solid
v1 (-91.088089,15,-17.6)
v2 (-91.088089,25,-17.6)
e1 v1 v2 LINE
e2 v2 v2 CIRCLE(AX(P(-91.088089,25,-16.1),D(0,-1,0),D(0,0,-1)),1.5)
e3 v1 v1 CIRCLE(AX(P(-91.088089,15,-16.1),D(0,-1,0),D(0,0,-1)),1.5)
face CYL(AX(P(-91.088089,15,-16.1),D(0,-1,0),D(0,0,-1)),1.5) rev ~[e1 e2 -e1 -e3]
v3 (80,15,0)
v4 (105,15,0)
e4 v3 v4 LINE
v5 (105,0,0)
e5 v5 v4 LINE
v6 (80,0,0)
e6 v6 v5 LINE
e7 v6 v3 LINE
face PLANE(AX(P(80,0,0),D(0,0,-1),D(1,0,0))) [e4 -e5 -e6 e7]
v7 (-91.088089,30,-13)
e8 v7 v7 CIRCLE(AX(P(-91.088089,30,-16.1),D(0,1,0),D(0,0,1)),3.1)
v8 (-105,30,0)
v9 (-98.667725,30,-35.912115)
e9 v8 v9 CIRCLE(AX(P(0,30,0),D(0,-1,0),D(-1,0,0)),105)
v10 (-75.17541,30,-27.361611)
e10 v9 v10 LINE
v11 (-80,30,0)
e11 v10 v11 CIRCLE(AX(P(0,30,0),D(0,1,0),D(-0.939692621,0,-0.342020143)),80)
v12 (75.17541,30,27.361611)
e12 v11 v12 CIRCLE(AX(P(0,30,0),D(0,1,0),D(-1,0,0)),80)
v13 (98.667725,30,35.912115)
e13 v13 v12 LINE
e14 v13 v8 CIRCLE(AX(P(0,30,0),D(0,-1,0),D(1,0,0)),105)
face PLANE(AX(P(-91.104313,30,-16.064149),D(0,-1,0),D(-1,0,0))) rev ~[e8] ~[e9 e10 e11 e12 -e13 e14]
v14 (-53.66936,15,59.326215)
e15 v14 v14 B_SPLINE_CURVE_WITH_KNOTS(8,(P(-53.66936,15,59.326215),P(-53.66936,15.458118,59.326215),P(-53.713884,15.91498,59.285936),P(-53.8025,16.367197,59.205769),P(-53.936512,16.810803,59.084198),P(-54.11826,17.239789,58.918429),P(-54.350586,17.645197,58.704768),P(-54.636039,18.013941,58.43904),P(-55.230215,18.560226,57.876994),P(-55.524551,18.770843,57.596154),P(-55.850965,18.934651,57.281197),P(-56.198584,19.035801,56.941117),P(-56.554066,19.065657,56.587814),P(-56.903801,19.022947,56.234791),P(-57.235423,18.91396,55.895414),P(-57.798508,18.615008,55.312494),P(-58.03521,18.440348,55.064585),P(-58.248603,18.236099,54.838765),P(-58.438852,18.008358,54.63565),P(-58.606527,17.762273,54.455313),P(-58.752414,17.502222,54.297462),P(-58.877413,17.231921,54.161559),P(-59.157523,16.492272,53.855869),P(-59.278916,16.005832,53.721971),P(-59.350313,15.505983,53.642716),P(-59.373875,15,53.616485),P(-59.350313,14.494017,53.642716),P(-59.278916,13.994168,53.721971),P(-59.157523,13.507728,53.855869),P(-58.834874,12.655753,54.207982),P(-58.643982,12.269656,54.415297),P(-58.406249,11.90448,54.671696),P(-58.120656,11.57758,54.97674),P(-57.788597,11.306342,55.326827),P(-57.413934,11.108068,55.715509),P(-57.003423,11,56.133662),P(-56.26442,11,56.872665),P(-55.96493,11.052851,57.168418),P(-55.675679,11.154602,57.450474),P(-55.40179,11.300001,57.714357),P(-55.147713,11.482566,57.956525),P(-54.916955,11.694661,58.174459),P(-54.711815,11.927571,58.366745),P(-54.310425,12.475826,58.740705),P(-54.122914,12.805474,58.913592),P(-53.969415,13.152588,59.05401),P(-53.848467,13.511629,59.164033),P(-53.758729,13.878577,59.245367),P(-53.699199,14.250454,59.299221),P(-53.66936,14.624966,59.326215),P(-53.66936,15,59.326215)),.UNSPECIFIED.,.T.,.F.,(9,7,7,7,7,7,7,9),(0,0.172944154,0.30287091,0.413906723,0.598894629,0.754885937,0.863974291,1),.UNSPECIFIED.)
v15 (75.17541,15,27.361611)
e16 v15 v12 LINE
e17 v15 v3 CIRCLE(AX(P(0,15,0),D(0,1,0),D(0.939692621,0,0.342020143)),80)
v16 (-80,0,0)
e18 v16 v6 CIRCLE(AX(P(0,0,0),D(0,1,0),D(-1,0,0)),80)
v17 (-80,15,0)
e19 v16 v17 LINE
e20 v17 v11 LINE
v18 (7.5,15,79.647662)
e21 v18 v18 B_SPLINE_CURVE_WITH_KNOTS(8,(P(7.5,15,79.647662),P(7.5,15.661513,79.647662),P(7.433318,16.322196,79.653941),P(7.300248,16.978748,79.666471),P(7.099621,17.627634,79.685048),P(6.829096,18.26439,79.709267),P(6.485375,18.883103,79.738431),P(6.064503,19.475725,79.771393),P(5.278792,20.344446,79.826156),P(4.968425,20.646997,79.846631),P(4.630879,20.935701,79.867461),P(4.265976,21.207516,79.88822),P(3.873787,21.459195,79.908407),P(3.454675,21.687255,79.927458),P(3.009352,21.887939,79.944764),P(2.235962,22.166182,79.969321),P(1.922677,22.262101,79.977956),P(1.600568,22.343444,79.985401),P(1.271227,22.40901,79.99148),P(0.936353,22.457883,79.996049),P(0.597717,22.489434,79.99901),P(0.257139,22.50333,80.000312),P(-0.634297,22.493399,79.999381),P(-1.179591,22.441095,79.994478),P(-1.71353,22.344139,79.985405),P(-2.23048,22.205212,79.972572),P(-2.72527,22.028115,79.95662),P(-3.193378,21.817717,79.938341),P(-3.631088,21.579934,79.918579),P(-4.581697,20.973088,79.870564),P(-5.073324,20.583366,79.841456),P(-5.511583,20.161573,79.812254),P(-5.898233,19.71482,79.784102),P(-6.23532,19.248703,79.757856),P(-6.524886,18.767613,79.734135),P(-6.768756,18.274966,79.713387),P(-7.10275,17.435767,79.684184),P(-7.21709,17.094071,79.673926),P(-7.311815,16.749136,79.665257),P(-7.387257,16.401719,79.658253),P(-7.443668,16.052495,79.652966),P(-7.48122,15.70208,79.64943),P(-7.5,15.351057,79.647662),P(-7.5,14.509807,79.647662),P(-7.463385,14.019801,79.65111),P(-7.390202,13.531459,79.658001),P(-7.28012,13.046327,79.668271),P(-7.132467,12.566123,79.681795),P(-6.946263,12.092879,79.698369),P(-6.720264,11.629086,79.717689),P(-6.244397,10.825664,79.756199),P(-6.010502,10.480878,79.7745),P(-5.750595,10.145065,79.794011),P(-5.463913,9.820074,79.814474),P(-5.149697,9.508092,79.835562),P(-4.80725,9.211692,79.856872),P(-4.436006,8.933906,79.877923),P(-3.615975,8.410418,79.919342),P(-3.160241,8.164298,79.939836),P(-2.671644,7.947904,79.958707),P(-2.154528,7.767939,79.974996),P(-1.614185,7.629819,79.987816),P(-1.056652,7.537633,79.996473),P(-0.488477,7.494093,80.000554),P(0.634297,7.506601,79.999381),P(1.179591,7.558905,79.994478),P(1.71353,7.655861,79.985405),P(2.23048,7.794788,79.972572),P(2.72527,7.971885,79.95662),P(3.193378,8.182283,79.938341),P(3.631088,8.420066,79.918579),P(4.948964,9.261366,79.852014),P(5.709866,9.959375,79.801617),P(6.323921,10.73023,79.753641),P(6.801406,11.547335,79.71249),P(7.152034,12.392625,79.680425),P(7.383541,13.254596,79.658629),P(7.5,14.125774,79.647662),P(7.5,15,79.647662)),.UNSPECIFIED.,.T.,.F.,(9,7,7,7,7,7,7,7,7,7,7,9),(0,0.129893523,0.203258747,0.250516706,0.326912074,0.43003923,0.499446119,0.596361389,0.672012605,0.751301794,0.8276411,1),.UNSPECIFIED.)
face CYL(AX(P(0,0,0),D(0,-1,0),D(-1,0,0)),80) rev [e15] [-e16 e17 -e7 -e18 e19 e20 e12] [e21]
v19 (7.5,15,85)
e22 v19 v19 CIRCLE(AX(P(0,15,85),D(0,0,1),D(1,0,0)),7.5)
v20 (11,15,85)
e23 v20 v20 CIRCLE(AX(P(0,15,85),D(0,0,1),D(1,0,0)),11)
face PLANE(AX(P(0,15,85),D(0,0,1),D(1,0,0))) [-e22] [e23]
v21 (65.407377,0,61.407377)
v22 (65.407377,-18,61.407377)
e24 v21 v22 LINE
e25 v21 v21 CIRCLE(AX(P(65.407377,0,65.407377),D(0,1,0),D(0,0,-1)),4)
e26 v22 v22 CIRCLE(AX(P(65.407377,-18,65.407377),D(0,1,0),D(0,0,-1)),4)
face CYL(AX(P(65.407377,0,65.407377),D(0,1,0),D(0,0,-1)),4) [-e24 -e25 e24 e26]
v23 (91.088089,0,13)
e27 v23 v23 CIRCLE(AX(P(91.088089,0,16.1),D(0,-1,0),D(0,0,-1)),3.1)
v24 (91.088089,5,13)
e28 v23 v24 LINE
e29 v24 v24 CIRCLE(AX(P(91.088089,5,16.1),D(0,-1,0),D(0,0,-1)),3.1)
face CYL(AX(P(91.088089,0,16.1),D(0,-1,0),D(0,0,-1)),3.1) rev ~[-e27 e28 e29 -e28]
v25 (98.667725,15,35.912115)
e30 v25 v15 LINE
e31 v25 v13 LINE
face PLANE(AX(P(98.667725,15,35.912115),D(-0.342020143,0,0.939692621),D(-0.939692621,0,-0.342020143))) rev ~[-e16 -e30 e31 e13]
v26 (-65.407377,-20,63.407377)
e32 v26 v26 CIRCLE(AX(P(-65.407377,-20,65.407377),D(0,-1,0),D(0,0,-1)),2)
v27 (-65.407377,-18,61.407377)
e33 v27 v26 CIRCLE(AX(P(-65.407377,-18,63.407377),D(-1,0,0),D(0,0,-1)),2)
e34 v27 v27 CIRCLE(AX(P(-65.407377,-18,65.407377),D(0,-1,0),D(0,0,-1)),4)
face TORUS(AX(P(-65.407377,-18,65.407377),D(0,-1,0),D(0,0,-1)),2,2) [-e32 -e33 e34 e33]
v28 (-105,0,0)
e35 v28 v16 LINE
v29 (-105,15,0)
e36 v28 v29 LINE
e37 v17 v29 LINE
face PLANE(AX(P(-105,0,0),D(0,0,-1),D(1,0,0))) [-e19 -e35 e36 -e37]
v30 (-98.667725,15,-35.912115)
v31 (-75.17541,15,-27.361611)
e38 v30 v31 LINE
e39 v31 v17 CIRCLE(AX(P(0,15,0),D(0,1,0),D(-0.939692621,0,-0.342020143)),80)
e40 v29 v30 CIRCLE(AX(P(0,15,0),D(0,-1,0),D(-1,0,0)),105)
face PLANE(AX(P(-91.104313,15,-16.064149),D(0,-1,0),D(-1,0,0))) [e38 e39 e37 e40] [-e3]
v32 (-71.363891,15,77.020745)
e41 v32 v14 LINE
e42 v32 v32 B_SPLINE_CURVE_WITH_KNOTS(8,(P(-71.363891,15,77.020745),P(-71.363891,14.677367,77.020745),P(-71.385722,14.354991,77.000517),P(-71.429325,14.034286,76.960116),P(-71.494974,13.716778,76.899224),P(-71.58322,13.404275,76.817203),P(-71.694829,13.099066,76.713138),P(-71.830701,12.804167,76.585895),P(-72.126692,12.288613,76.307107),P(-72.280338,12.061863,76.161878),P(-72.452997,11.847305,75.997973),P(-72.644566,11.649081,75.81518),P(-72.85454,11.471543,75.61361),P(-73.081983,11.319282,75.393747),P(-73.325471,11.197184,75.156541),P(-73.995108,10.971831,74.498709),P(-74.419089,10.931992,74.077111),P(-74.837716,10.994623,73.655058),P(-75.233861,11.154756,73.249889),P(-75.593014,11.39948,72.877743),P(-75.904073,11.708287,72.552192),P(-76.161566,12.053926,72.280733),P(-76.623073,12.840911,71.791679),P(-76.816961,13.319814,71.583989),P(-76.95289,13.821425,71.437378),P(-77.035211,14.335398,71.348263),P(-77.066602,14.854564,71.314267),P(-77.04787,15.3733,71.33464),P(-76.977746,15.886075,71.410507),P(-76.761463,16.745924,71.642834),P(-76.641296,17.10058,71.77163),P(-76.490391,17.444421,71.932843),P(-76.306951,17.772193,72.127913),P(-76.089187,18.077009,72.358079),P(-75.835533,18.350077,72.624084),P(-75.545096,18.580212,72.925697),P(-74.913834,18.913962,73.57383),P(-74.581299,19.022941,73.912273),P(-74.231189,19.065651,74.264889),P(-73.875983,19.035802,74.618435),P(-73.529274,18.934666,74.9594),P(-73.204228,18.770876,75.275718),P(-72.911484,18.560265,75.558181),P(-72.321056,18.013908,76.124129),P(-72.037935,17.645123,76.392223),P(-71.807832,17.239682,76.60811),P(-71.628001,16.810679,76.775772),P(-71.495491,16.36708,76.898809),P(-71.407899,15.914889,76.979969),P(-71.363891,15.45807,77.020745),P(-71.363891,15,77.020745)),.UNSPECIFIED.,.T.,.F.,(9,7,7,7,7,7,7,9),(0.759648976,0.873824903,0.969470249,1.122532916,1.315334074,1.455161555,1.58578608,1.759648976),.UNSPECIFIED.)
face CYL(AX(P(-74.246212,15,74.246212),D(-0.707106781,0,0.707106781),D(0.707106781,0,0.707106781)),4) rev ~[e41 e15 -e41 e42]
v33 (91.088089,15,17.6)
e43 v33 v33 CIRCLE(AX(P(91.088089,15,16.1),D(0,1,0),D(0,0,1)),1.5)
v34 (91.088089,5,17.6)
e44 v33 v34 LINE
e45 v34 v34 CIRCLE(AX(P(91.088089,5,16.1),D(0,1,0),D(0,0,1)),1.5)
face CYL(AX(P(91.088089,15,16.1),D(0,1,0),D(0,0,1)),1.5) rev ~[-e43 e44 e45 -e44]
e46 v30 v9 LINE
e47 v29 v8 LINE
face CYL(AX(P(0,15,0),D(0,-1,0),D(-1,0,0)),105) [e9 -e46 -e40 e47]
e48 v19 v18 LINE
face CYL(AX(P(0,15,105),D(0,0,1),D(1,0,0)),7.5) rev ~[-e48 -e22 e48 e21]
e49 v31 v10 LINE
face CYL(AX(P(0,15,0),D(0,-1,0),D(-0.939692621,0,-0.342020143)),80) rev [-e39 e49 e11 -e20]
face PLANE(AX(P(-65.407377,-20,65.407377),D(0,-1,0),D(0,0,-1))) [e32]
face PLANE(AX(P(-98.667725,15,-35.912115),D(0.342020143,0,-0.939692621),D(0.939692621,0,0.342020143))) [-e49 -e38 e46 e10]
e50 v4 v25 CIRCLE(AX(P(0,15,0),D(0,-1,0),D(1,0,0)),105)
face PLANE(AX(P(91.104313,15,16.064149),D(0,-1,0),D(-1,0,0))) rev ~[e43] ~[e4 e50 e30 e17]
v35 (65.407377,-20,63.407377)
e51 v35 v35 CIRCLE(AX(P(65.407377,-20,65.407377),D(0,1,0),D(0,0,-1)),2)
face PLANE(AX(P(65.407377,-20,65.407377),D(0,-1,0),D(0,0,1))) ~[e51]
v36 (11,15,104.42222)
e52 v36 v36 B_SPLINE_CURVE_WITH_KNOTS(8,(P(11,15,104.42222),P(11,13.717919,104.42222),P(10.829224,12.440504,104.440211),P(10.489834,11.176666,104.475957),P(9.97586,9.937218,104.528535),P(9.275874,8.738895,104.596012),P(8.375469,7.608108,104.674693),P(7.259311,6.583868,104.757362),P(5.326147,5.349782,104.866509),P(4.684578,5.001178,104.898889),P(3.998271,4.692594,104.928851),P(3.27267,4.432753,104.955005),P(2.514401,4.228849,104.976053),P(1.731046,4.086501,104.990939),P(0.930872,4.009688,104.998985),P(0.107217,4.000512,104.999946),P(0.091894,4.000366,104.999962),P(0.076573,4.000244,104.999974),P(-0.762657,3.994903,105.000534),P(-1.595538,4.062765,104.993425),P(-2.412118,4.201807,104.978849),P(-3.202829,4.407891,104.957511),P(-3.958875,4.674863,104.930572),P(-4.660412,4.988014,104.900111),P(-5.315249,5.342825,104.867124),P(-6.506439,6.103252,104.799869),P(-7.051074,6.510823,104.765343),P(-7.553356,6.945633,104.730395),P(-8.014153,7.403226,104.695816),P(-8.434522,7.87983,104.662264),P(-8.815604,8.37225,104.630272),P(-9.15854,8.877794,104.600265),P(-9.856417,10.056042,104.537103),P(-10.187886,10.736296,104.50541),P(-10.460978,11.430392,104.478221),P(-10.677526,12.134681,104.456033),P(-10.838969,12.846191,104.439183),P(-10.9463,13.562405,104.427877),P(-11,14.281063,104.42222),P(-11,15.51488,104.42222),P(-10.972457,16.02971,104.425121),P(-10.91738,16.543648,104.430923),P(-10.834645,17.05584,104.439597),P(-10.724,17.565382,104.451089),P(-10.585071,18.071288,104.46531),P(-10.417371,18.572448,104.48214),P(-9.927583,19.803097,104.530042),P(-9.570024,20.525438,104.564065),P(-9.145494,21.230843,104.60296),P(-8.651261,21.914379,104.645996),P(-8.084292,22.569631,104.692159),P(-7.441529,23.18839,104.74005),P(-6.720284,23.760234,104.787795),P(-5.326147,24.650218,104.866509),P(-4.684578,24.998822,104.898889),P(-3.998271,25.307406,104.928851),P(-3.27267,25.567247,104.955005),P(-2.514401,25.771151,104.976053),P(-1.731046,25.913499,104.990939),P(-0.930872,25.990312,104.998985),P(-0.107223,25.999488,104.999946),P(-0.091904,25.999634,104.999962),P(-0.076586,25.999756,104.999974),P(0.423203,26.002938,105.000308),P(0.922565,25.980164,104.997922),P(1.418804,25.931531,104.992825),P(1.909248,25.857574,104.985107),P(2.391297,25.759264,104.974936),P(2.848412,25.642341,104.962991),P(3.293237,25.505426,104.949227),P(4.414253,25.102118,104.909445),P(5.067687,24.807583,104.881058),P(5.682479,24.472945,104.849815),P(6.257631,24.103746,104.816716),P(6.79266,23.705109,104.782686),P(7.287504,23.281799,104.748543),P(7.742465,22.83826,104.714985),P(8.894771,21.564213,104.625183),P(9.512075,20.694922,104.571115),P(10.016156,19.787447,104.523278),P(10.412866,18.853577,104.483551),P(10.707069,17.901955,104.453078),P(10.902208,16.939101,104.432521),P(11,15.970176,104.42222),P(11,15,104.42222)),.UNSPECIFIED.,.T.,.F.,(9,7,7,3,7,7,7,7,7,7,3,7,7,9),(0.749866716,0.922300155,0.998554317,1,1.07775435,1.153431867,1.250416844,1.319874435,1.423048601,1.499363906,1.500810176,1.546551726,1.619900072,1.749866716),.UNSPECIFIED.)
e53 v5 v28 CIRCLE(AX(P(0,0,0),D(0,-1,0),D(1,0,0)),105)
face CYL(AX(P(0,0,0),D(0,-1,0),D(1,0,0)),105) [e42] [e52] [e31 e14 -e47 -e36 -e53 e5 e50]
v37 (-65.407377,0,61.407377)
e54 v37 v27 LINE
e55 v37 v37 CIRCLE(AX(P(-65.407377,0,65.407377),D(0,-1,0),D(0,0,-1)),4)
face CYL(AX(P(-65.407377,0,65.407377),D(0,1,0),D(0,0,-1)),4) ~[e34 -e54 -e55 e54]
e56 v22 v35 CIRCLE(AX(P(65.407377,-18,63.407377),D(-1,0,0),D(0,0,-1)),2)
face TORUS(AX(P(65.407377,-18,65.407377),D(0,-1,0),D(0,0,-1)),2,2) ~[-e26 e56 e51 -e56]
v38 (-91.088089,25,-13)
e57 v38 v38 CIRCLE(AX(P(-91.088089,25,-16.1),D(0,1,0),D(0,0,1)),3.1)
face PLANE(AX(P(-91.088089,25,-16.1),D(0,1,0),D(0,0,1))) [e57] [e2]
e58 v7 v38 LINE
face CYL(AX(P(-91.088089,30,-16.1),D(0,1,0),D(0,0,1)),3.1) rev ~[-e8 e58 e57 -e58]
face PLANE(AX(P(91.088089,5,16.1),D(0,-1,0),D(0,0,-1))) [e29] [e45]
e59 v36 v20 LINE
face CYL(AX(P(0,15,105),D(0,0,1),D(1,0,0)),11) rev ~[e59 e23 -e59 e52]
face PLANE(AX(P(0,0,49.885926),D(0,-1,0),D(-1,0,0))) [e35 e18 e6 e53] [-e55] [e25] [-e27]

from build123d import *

# Parameters (mm, degrees)
BOSS_EXTRUDE1_DEPTH  = 30
BOSS_EXTRUDE2_START  = -15
BOSS_EXTRUDE2_DEPTH  = 15
CUT_EXTRUDE1_START   = -15
CUT_EXTRUDE1_DEPTH   = 15
SKETCH5_R            = 1.5
CUT_EXTRUDE2_DEPTH   = 15
SKETCH6_R            = 3.1
CUT_EXTRUDE3_DEPTH   = 5
SKETCH7_R            = 1.5
CUT_EXTRUDE4_DEPTH   = 15
SKETCH8_R            = 3.1
CUT_EXTRUDE5_DEPTH   = 5
SKETCH11_R           = 7.5
CUT_EXTRUDE6_DEPTH   = 30
SKETCH12_R           = 11
CUT_EXTRUDE7_DEPTH   = 20
SKETCH13_R           = 4
BOSS_EXTRUDE3_DEPTH  = 20
FILLET1_R            = 2
FILLET1_OF_MIRROR1_R = 2
SKETCH14_R           = 4
CUT_EXTRUDE8_DEPTH   = 40


with BuildPart() as part:
    # Sketch2 → Boss-Extrude1 (new body)
    with BuildSketch(Plane(origin=(0, 0, 0), x_dir=(1, 0, 0), z_dir=(0, 1, 0))):
        with BuildLine():
            Line((-105, 0), (-80, 0))
            ThreePointArc((-80, 0), (0, -80), (80, 0))
            Line((80, 0), (105, 0))
            ThreePointArc((105, 0), (0, -105), (-105, 0))
        make_face()
    extrude(amount=BOSS_EXTRUDE1_DEPTH)

    # Sketch3 → Boss-Extrude2 (add)
    with BuildSketch(Plane(origin=(0, 30, 0), x_dir=(1, 0, 0), z_dir=(0, 1, 0)).offset(BOSS_EXTRUDE2_START)):
        with BuildLine():
            Line((-98.667725183, 35.912115049), (-75.175409663, 27.361611466))
            ThreePointArc((-75.175409663, 27.361611466), (-78.784620241, 13.891854213), (-80, 0))
            Line((-80, 0), (-105, 0))
            ThreePointArc((-105, 0), (-103.404814066, 18.233058655), (-98.667725183, 35.912115049))
        make_face()
    extrude(amount=BOSS_EXTRUDE2_DEPTH)

    # Sketch4 → Cut-Extrude1 (cut)
    with BuildSketch(Plane(origin=(0, 30, 0), x_dir=(1, 0, 0), z_dir=(0, 1, 0)).offset(CUT_EXTRUDE1_START)):
        with BuildLine():
            Line((80, 0), (105, 0))
            ThreePointArc((105, 0), (103.404814066, -18.233058655), (98.667725183, -35.912115049))
            Line((98.667725183, -35.912115049), (75.175409663, -27.361611466))
            ThreePointArc((75.175409663, -27.361611466), (78.784620241, -13.891854213), (80, 0))
        make_face()
    extrude(amount=CUT_EXTRUDE1_DEPTH, mode=Mode.SUBTRACT)

    # Sketch5 → Cut-Extrude2 (cut)
    with BuildSketch(Plane(origin=(0, 15, 0), x_dir=(1, 0, 0), z_dir=(0, 1, 0))):
        with Locations(Location((91.088089232, -16.1, 0), (0, 0, 270))):
            Circle(SKETCH5_R)
    extrude(amount=-CUT_EXTRUDE2_DEPTH, mode=Mode.SUBTRACT)

    # Sketch6 → Cut-Extrude3 (cut)
    with BuildSketch(Plane(origin=(0, 0, 0), x_dir=(-1, 0, 0), z_dir=(0, -1, 0))):
        with Locations(Location((-91.088089232, -16.1, 0), (0, 0, 90))):
            Circle(SKETCH6_R)
    extrude(amount=-CUT_EXTRUDE3_DEPTH, mode=Mode.SUBTRACT)

    # Sketch7 → Cut-Extrude4 (cut)
    with BuildSketch(Plane.XZ.offset(-15)):
        with Locations(Location((-91.088089232, -16.1, 0), (0, 0, 270))):
            Circle(SKETCH7_R)
    extrude(amount=-CUT_EXTRUDE4_DEPTH, mode=Mode.SUBTRACT)

    # Sketch8 → Cut-Extrude5 (cut)
    with BuildSketch(Plane(origin=(0, 30, 0), x_dir=(1, 0, 0), z_dir=(0, 1, 0))):
        with Locations(Location((-91.088089232, 16.1, 0), (0, 0, 270))):
            Circle(SKETCH8_R)
    extrude(amount=-CUT_EXTRUDE5_DEPTH, mode=Mode.SUBTRACT)

    # Sketch11 → Cut-Extrude6 (cut)
    with BuildSketch(Plane.XY.offset(105)):
        with Locations((0, 15)):
            Circle(SKETCH11_R)
    extrude(amount=-CUT_EXTRUDE6_DEPTH, mode=Mode.SUBTRACT)

    # Sketch12 → Cut-Extrude7 (cut)
    with BuildSketch(Plane.XY.offset(105)):
        with Locations((0, 15)):
            Circle(SKETCH12_R)
    extrude(amount=-CUT_EXTRUDE7_DEPTH, mode=Mode.SUBTRACT)

    # Sketch13 → Boss-Extrude3 (add)
    with BuildSketch(Plane.XZ):
        with Locations(Location((-65.40737726, 65.40737726, 0), (0, 0, 270))):
            Circle(SKETCH13_R)
    boss_extrude3 = extrude(amount=BOSS_EXTRUDE3_DEPTH)

    # Fillet1
    fillet1_edges = [part.edges().sort_by_distance(p)[0] for p in [
        (-65.40737726, -20, 69.40737726),
    ]]
    fillet(fillet1_edges, radius=FILLET1_R)

    # Mirror1: Boss-Extrude3 across plane
    add(boss_extrude3.mirror(Plane(origin=(0, 0, 0), x_dir=(0, 0, 1), z_dir=(1, 0, 0))))

    # Fillet1 of Mirror1
    fillet1_of_mirror1_edges = [part.edges().sort_by_distance(p)[0] for p in [
        (65.40737726, -20, 69.40737726),
    ]]
    fillet(fillet1_of_mirror1_edges, radius=FILLET1_OF_MIRROR1_R)

    # Sketch14 → Cut-Extrude8 (cut)
    with BuildSketch(Plane(origin=(-74.246212025, 0, 74.246212025), x_dir=(0, -1, 0), z_dir=(-0.7071067811865488, 0, 0.7071067811865464))):
        with Locations(Location((-15, 0, 0), (0, 0, 90))):
            Circle(SKETCH14_R)
    extrude(amount=-CUT_EXTRUDE8_DEPTH, mode=Mode.SUBTRACT)


solid = part.part
